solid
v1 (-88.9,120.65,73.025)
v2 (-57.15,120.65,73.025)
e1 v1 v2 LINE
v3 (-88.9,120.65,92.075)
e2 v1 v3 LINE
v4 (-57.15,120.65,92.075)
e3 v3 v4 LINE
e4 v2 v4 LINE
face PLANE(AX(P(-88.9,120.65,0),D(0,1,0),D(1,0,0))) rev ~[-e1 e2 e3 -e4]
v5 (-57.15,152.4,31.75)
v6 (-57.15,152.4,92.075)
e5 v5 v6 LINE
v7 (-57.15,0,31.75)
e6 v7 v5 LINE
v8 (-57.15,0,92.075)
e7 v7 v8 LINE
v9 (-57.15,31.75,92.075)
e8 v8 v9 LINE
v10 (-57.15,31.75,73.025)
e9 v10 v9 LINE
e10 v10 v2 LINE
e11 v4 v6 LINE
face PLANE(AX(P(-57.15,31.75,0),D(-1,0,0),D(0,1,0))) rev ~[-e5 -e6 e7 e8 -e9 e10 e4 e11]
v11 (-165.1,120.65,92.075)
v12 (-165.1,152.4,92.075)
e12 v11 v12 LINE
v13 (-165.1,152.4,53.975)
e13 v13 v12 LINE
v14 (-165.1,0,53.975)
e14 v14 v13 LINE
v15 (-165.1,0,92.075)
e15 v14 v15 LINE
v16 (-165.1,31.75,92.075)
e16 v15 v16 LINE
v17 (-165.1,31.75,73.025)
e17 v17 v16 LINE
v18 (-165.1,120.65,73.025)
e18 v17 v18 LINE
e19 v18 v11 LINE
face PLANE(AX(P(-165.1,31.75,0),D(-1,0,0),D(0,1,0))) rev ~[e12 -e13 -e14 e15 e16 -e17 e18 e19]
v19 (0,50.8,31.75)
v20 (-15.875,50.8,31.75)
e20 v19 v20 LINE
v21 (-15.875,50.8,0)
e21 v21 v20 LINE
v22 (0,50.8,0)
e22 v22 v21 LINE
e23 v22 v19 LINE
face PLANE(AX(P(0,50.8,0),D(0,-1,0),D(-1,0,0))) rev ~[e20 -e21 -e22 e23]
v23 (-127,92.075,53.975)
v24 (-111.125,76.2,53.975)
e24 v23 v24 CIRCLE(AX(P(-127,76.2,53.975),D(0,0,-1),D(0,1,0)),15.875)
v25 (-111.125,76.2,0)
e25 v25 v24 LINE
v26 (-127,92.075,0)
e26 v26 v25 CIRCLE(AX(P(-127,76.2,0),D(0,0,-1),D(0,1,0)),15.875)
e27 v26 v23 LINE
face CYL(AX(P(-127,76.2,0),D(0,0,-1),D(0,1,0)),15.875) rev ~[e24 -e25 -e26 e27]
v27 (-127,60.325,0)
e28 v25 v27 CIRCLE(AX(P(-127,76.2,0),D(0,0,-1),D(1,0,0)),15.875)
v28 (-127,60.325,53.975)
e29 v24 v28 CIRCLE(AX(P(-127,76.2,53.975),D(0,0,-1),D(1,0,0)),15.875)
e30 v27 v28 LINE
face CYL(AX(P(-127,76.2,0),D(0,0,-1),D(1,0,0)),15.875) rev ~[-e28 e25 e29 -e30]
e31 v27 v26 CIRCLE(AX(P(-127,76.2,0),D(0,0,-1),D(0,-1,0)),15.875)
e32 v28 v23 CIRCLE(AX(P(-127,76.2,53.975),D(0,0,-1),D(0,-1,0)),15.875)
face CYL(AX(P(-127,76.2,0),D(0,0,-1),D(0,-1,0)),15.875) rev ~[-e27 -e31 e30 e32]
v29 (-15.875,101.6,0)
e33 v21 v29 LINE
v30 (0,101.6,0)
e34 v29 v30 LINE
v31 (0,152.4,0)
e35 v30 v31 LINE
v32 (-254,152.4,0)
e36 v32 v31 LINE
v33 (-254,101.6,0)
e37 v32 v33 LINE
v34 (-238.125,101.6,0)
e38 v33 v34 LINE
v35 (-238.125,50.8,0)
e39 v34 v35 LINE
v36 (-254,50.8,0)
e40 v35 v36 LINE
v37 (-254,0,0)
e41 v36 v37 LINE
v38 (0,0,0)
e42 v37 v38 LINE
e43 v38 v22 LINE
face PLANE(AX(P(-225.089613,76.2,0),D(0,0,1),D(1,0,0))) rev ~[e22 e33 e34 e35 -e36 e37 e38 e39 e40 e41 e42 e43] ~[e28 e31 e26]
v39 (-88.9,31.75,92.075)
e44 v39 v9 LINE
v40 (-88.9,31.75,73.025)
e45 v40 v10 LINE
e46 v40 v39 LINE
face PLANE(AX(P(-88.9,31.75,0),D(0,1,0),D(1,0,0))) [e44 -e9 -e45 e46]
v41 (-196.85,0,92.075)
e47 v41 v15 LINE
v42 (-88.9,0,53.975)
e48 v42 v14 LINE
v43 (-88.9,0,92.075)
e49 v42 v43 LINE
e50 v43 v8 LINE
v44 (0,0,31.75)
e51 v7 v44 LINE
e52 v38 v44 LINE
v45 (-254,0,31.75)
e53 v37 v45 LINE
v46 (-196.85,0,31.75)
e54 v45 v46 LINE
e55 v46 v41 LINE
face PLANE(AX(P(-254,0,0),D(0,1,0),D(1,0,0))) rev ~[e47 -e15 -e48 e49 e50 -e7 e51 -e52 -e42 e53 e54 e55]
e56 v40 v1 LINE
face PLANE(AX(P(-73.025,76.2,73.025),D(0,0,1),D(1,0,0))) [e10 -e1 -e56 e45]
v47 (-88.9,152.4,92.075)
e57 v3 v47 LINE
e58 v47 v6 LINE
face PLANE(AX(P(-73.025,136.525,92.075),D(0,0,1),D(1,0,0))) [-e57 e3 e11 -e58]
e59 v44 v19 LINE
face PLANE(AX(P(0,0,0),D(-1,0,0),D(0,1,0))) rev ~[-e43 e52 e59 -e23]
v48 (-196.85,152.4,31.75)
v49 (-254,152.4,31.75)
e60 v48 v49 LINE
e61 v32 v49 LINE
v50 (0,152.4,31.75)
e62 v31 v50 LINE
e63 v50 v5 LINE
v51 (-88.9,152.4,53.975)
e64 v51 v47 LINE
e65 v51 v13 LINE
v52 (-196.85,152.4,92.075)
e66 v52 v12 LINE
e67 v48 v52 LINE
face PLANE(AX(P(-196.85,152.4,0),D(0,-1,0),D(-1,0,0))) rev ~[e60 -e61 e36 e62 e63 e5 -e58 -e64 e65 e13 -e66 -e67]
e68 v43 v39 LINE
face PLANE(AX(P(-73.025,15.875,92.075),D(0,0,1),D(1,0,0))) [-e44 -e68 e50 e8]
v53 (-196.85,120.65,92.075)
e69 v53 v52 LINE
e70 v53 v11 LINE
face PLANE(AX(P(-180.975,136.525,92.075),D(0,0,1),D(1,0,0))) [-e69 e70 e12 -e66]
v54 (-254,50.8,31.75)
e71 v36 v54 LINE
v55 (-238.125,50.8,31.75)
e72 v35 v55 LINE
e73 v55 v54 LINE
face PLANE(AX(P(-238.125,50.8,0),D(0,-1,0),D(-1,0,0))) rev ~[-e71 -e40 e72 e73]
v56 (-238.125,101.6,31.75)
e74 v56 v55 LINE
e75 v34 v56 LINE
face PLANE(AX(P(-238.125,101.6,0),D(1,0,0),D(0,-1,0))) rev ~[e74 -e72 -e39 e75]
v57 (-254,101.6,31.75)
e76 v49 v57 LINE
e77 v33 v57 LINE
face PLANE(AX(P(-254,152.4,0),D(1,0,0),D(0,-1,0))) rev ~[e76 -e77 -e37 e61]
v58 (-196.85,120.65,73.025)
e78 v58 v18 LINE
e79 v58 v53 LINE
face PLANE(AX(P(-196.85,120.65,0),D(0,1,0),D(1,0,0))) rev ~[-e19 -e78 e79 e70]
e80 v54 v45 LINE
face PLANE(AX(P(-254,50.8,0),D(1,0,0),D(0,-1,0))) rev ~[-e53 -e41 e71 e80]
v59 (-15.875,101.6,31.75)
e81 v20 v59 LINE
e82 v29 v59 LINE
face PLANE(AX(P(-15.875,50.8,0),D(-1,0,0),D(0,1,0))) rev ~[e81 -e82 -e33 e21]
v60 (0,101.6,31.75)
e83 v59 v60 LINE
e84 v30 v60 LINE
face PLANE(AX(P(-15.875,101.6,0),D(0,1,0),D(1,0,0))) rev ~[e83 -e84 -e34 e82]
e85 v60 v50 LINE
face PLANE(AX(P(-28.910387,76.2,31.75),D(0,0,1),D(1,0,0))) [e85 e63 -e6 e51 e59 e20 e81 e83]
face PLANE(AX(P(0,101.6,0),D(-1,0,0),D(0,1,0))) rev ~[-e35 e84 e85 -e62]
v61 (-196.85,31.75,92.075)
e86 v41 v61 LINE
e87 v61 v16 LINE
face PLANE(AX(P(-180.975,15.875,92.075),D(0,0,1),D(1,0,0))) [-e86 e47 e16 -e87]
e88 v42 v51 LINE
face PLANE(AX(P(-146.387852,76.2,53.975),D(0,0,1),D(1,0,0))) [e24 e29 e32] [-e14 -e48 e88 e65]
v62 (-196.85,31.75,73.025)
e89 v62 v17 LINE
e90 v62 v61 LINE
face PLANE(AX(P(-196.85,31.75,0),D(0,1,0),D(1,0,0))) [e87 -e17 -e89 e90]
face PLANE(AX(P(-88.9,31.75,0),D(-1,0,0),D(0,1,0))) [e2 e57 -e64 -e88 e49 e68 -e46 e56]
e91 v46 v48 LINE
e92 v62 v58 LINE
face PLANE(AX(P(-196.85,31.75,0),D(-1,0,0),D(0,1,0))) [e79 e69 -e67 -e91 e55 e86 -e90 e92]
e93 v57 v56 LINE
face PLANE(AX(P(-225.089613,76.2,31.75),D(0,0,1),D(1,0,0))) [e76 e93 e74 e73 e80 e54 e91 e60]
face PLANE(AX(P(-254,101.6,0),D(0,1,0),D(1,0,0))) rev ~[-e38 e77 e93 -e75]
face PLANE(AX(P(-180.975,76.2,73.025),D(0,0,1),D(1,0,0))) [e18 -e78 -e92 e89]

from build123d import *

# Parameters (mm, degrees)
F1_DEPTH = 31.75
F0_W     = 31.75
F0_H     = 31.75
F2_DEPTH = 92.075
F0_H_2   = 88.9
F3_DEPTH = 73.025
F4_DEPTH = 53.975
F5_DEPTH = 53.975
F6_DEPTH = 92.075
F7_DEPTH = 73.025
F8_DEPTH = 31.75


with BuildPart() as f1:
    # F0 (on Top) → F1 (new body)
    with BuildSketch(Plane.XY):
        Polygon((-57.15, 0), (0, 0), (0, 50.8), (-15.875, 50.8), (-15.875, 101.6), (0, 101.6), (0, 152.4), (-57.15, 152.4), (-57.15, 120.65), (-57.15, 31.75), align=None)
    extrude(amount=F1_DEPTH)

    # F0 (on Top) → F2 (join)
    with BuildSketch(Plane.XY):
        with Locations((-73.025, 136.525)):
            Rectangle(F0_W, F0_H)
        with Locations((-73.025, 15.875)):
            Rectangle(F0_W, F0_H)
    extrude(amount=F2_DEPTH)

    # F0 (on Top) → F3 (join)
    with BuildSketch(Plane.XY):
        with Locations((-73.025, 76.2)):
            Rectangle(F0_W, F0_H_2)
    extrude(amount=F3_DEPTH)

    # F0 (on Top) → F4 (join)
    with BuildSketch(Plane.XY):
        with BuildLine():
            Line((-127, 0), (-88.9, 0))
            Line((-88.9, 0), (-88.9, 31.75))
            Line((-88.9, 31.75), (-88.9, 120.65))
            Line((-88.9, 120.65), (-88.9, 152.4))
            Line((-88.9, 152.4), (-127, 152.4))
            Line((-127, 152.4), (-127, 92.075))
            ThreePointArc((-127, 92.075), (-115.7746798487, 87.4253201513), (-111.125, 76.2))
            ThreePointArc((-111.125, 76.2), (-115.7746798487, 64.9746798487), (-127, 60.325))
            Line((-127, 60.325), (-127, 0))
        make_face()
    extrude(amount=F4_DEPTH)

    # F0 (on Top) → F5 (join)
    with BuildSketch(Plane.XY):
        with BuildLine():
            Line((-165.1, 0), (-127, 0))
            Line((-127, 0), (-127, 60.325))
            ThreePointArc((-127, 60.325), (-142.875, 76.2), (-127, 92.075))
            Line((-127, 92.075), (-127, 152.4))
            Line((-127, 152.4), (-165.1, 152.4))
            Line((-165.1, 152.4), (-165.1, 120.65))
            Line((-165.1, 120.65), (-165.1, 31.75))
            Line((-165.1, 31.75), (-165.1, 0))
        make_face()
    extrude(amount=F5_DEPTH)

    # F0 (on Top) → F6 (join)
    with BuildSketch(Plane.XY):
        with Locations((-180.975, 136.525)):
            Rectangle(F0_W, F0_H)
        with Locations((-180.975, 15.875)):
            Rectangle(F0_W, F0_H)
    extrude(amount=F6_DEPTH)

    # F0 (on Top) → F7 (join)
    with BuildSketch(Plane.XY):
        with Locations((-180.975, 76.2)):
            Rectangle(F0_W, F0_H_2)
    extrude(amount=F7_DEPTH)

    # F0 (on Top) → F8 (join)
    with BuildSketch(Plane.XY):
        Polygon((-254, 0), (-196.85, 0), (-196.85, 31.75), (-196.85, 120.65), (-196.85, 152.4), (-254, 152.4), (-254, 101.6), (-238.125, 101.6), (-238.125, 50.8), (-254, 50.8), align=None)
    extrude(amount=F8_DEPTH)


solid = f1.part
